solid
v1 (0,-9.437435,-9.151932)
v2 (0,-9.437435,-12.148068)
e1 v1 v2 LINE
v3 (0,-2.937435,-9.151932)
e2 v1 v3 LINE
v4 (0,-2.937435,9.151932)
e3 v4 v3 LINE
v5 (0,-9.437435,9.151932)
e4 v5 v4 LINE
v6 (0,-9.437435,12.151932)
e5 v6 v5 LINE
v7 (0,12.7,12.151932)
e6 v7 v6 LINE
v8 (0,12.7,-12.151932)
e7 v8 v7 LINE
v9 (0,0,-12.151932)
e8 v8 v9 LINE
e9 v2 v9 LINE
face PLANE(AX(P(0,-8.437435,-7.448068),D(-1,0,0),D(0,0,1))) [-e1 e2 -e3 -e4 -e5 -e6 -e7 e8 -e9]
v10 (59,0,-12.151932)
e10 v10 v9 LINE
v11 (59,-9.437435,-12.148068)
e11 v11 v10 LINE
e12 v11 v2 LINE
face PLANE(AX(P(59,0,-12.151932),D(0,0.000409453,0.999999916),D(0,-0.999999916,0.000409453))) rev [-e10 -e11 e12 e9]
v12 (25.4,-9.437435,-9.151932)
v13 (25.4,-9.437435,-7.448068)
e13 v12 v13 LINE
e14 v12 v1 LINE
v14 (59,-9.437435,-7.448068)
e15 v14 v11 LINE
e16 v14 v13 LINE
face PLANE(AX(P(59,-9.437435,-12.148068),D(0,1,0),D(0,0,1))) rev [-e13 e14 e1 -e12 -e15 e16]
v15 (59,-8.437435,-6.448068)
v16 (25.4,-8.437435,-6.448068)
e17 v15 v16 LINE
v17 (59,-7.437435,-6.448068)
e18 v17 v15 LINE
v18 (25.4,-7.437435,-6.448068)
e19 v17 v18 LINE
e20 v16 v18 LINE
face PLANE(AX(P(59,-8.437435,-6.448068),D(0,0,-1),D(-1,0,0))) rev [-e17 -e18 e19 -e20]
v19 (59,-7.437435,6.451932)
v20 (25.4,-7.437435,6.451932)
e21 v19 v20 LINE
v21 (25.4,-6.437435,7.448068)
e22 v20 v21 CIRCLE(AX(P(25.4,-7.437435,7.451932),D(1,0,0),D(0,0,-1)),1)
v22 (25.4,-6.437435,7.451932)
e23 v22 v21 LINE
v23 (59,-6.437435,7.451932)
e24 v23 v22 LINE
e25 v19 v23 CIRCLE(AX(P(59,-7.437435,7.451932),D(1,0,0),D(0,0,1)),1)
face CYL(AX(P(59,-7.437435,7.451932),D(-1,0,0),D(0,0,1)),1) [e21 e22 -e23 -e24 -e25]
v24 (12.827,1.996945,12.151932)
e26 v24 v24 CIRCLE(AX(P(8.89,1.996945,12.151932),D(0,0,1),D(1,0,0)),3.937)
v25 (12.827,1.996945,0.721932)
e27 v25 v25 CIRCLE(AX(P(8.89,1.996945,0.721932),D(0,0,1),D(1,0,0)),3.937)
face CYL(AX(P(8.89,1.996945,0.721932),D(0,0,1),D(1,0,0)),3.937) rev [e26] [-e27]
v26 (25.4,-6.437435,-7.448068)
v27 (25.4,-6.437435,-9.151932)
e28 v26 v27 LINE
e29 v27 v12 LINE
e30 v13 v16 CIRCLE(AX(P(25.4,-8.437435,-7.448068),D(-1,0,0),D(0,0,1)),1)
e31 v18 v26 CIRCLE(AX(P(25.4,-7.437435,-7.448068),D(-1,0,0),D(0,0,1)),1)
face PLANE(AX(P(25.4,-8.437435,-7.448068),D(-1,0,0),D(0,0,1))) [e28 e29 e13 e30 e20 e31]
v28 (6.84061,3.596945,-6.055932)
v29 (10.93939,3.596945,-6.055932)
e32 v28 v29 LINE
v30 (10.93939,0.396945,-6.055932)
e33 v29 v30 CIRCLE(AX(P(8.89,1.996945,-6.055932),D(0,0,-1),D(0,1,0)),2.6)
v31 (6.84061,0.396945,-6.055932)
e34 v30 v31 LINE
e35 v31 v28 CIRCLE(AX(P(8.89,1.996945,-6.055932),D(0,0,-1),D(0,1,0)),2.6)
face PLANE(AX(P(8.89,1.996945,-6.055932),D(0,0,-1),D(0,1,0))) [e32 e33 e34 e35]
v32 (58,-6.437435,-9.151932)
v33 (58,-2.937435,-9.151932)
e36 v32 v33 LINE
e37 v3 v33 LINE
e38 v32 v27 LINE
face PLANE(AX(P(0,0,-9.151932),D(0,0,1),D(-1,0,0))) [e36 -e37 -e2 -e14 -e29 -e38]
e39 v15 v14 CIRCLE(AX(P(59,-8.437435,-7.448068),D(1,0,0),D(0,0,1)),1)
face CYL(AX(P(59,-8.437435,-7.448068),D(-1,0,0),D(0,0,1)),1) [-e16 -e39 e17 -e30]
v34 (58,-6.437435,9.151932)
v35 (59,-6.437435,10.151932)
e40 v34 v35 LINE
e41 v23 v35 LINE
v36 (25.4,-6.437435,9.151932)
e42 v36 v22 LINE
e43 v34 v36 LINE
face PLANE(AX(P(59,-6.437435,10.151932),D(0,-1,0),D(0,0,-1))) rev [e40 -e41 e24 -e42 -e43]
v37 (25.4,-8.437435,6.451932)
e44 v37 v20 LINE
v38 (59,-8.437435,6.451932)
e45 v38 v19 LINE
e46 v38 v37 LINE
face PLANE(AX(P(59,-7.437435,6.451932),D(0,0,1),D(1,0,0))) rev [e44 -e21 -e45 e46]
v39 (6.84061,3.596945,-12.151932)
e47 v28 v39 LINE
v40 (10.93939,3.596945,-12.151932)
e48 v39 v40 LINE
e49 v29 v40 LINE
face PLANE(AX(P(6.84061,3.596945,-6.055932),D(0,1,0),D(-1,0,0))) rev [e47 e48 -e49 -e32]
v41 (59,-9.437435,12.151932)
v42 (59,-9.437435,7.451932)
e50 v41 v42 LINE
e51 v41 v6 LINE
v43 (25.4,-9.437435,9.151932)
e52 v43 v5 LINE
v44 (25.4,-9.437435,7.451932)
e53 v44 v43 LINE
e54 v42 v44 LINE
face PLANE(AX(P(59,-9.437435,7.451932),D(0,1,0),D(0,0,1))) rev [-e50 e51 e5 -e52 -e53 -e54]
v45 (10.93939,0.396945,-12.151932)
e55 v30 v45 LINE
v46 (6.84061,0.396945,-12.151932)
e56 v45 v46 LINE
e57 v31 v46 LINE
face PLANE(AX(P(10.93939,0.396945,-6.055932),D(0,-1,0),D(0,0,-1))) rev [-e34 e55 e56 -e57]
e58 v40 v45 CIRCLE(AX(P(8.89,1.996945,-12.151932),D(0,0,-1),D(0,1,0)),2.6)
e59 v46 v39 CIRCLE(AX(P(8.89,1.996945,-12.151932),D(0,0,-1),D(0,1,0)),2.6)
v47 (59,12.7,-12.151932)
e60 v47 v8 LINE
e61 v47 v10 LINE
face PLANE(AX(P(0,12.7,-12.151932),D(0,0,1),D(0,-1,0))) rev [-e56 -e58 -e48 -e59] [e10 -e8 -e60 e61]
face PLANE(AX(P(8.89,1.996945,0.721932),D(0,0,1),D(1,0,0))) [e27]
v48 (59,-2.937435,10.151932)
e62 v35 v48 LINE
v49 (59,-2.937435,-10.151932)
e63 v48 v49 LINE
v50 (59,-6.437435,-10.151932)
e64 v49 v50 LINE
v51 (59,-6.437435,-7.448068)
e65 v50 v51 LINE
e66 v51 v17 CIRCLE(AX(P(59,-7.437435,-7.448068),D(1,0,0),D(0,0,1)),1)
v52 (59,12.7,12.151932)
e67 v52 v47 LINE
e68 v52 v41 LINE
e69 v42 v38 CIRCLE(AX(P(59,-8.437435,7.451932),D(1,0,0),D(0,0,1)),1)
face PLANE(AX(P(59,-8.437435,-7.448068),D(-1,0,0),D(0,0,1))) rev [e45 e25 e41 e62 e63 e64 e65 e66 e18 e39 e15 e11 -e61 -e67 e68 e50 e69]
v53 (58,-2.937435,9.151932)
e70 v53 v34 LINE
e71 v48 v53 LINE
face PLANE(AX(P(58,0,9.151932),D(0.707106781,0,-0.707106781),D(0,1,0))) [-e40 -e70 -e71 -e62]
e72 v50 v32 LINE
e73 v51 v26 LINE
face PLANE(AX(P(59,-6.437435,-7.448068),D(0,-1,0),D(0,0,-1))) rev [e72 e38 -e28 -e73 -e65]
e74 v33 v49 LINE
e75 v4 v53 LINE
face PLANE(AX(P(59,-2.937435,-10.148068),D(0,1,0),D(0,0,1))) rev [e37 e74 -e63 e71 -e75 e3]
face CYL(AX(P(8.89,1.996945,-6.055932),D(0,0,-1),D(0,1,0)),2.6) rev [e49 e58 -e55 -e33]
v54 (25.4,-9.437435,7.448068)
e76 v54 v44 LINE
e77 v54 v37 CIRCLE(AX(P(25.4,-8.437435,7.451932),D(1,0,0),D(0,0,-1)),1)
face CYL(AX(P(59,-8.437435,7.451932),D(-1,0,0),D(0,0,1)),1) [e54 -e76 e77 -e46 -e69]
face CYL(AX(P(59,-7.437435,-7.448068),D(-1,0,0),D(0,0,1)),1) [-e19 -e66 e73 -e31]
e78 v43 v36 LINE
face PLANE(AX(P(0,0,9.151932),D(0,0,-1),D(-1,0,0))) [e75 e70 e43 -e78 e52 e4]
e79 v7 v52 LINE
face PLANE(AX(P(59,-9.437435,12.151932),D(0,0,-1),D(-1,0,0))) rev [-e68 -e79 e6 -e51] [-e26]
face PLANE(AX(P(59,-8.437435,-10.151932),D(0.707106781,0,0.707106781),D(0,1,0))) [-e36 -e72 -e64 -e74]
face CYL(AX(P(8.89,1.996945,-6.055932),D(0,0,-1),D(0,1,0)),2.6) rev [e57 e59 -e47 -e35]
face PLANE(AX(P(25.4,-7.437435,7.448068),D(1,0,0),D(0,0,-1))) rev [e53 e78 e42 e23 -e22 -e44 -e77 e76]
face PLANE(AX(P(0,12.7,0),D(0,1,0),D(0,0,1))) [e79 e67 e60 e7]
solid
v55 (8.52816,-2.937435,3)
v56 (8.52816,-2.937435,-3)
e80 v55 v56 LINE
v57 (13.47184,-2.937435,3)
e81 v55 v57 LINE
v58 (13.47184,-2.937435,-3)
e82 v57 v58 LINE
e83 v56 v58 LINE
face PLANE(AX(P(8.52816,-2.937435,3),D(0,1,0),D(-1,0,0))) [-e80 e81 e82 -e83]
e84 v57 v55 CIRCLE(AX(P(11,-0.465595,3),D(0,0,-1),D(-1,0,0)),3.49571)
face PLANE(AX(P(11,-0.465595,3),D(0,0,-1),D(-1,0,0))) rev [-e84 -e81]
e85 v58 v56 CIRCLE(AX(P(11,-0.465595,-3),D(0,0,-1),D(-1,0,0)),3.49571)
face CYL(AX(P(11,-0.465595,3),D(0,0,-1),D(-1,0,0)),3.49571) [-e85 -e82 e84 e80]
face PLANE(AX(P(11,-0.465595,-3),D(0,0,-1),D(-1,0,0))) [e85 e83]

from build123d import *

# Parameters (mm, degrees)
BOSS_EXTRUDE1_DEPTH      = 59
SKETCH2_W                = 59
SKETCH2_H                = 3.5
BOSS_EXTRUDE2_DEPTH      = 1
CHAMFER1_SIZE            = 1
CHAMFER1_OF_MIRROR3_SIZE = 1
BOSS_EXTRUDE3_DEPTH      = 3
SKETCH4_W                = 59
SKETCH4_H                = 24.303864374
BOSS_EXTRUDE4_DEPTH      = 12.7
CUT_EXTRUDE1_DEPTH       = 6.096
SKETCH8_R                = 3.937
CUT_EXTRUDE2_DEPTH       = 11.43
CUT_EXTRUDE3_DEPTH       = 25.4


with BuildPart() as part:
    # Sketch1 → Boss-Extrude1 (new body)
    with BuildSketch(Plane(origin=(0, 0, 0), x_dir=(0, 0, -1), z_dir=(1, 0, 0))):
        with BuildLine():
            Line((12.151932187, 0), (12.148068004, -9.437434945))
            Line((12.148068004, -9.437434945), (7.448068195, -9.437434945))
            ThreePointArc((7.448068195, -9.437434945), (6.740961414, -9.144541726), (6.448068195, -8.437434945))
            Line((6.448068195, -8.437434945), (6.448068195, -7.437434945))
            ThreePointArc((6.448068195, -7.437434945), (6.740961414, -6.730328164), (7.448068195, -6.437434945))
            Line((7.448068195, -6.437434945), (10.148068004, -6.437434945))
            Line((10.148068004, -6.437434945), (10.148068004, -2.937434945))
            Line((10.148068004, -2.937434945), (-10.151932187, -2.937434945))
            Line((-10.151932187, -2.937434945), (-10.151932187, -6.437434945))
            Line((-10.151932187, -6.437434945), (-7.451931901, -6.437434945))
            ThreePointArc((-7.451931901, -6.437434945), (-6.744825119, -6.730328164), (-6.451931901, -7.437434945))
            Line((-6.451931901, -7.437434945), (-6.451931901, -8.437434945))
            ThreePointArc((-6.451931901, -8.437434945), (-6.744825119, -9.144541727), (-7.451931901, -9.437434945))
            Line((-7.451931901, -9.437434945), (-12.151932187, -9.437434945))
            Line((-12.151932187, -9.437434945), (-12.151932187, 0))
            Line((-12.151932187, 0), (12.151932187, 0))
        make_face()
    extrude(amount=BOSS_EXTRUDE1_DEPTH)

    # Sketch2 → Boss-Extrude2 (add)
    with BuildSketch(Plane(origin=(0, 0, 10.151932187), x_dir=(-1, 0, 0), z_dir=(0, 0, -1))):
        with Locations((-29.5, -4.687434945)):
            Rectangle(SKETCH2_W, SKETCH2_H)
    boss_extrude2 = extrude(amount=BOSS_EXTRUDE2_DEPTH)

    # Chamfer1
    chamfer1_edges = [part.edges().sort_by_distance(p)[0] for p in [
        (59, -4.687434945, 9.151932187),
    ]]
    chamfer(chamfer1_edges, length=CHAMFER1_SIZE)

    # Mirror3: Boss-Extrude2 across plane
    add(boss_extrude2.mirror(Plane.XY))

    # Chamfer1 of Mirror3
    chamfer1_of_mirror3_edges = [part.edges().sort_by_distance(p)[0] for p in [
        (59, -4.687434945, -9.151932187),
    ]]
    chamfer(chamfer1_of_mirror3_edges, length=CHAMFER1_OF_MIRROR3_SIZE)

    # Sketch4 → Boss-Extrude4 (add)
    with BuildSketch(Plane(origin=(0, 0, 0), x_dir=(1, 0, 0), z_dir=(0, 1, 0))):
        with Locations((29.5, 0)):
            Rectangle(SKETCH4_W, SKETCH4_H)
    extrude(amount=BOSS_EXTRUDE4_DEPTH)

    # Sketch5 → Cut-Extrude1 (cut)
    with BuildSketch(Plane(origin=(0, 0, -12.151932187), x_dir=(-1, 0, 0), z_dir=(0, 0, -1))):
        with BuildLine():
            Line((-6.840609847, 3.596945044), (-10.939390153, 3.596945044))
            ThreePointArc((-10.939390153, 3.596945044), (-11.49, 1.996945044), (-10.939390153, 0.396945044))
            Line((-10.939390153, 0.396945044), (-6.840609847, 0.396945044))
            ThreePointArc((-6.840609847, 0.396945044), (-6.29, 1.996945044), (-6.840609847, 3.596945044))
        make_face()
    extrude(amount=-CUT_EXTRUDE1_DEPTH, mode=Mode.SUBTRACT)

    # Sketch8 → Cut-Extrude2 (cut)
    with BuildSketch(Plane.XY.offset(12.151932187)):
        with Locations((8.89, 1.996945044)):
            Circle(SKETCH8_R)
    extrude(amount=-CUT_EXTRUDE2_DEPTH, mode=Mode.SUBTRACT)

    # Sketch9 → Cut-Extrude3 (cut)
    with BuildSketch(Plane.ZY):
        with BuildLine():
            Line((-9.151932187, -6.437434945), (-9.151932187, -9.437434945))
            Line((-9.151932187, -9.437434945), (-7.448068195, -9.437434945))
            ThreePointArc((-7.448068195, -9.437434945), (-6.740961414, -9.144541726), (-6.448068195, -8.437434945))
            Line((-6.448068195, -8.437434945), (-6.448068195, -7.437434945))
            ThreePointArc((-6.448068195, -7.437434945), (-6.740961414, -6.730328164), (-7.448068195, -6.437434945))
            Line((-7.448068195, -6.437434945), (-9.151932187, -6.437434945))
        make_face()
        with BuildLine():
            Line((9.151932187, -9.437434945), (7.448068195, -9.437434945))
            ThreePointArc((7.448068195, -9.437434945), (6.740961414, -9.144541726), (6.448068195, -8.437434945))
            Line((6.448068195, -8.437434945), (6.448068195, -7.437434945))
            ThreePointArc((6.448068195, -7.437434945), (6.740961414, -6.730328164), (7.448068195, -6.437434945))
            Line((7.448068195, -6.437434945), (9.151932187, -6.437434945))
            Line((9.151932187, -6.437434945), (9.151932187, -9.437434945))
        make_face()
    extrude(amount=-CUT_EXTRUDE3_DEPTH, mode=Mode.SUBTRACT)


with BuildPart() as body_2:
    # Sketch3 → Boss-Extrude3 (new, symmetric)
    with BuildSketch(Plane(origin=(9.151932187, 0, 0), x_dir=(-1, 0, 0), z_dir=(0, 0, -1))):
        with BuildLine():
            Line((0.623772187, -2.937434945), (-4.319907813, -2.937434945))
            ThreePointArc((-4.319907813, -2.937434945), (-1.848067813, -3.961304597), (0.623772187, -2.937434945))
        make_face()
    extrude(amount=BOSS_EXTRUDE3_DEPTH, both=True)


solid = Compound([part.part, body_2.part])
